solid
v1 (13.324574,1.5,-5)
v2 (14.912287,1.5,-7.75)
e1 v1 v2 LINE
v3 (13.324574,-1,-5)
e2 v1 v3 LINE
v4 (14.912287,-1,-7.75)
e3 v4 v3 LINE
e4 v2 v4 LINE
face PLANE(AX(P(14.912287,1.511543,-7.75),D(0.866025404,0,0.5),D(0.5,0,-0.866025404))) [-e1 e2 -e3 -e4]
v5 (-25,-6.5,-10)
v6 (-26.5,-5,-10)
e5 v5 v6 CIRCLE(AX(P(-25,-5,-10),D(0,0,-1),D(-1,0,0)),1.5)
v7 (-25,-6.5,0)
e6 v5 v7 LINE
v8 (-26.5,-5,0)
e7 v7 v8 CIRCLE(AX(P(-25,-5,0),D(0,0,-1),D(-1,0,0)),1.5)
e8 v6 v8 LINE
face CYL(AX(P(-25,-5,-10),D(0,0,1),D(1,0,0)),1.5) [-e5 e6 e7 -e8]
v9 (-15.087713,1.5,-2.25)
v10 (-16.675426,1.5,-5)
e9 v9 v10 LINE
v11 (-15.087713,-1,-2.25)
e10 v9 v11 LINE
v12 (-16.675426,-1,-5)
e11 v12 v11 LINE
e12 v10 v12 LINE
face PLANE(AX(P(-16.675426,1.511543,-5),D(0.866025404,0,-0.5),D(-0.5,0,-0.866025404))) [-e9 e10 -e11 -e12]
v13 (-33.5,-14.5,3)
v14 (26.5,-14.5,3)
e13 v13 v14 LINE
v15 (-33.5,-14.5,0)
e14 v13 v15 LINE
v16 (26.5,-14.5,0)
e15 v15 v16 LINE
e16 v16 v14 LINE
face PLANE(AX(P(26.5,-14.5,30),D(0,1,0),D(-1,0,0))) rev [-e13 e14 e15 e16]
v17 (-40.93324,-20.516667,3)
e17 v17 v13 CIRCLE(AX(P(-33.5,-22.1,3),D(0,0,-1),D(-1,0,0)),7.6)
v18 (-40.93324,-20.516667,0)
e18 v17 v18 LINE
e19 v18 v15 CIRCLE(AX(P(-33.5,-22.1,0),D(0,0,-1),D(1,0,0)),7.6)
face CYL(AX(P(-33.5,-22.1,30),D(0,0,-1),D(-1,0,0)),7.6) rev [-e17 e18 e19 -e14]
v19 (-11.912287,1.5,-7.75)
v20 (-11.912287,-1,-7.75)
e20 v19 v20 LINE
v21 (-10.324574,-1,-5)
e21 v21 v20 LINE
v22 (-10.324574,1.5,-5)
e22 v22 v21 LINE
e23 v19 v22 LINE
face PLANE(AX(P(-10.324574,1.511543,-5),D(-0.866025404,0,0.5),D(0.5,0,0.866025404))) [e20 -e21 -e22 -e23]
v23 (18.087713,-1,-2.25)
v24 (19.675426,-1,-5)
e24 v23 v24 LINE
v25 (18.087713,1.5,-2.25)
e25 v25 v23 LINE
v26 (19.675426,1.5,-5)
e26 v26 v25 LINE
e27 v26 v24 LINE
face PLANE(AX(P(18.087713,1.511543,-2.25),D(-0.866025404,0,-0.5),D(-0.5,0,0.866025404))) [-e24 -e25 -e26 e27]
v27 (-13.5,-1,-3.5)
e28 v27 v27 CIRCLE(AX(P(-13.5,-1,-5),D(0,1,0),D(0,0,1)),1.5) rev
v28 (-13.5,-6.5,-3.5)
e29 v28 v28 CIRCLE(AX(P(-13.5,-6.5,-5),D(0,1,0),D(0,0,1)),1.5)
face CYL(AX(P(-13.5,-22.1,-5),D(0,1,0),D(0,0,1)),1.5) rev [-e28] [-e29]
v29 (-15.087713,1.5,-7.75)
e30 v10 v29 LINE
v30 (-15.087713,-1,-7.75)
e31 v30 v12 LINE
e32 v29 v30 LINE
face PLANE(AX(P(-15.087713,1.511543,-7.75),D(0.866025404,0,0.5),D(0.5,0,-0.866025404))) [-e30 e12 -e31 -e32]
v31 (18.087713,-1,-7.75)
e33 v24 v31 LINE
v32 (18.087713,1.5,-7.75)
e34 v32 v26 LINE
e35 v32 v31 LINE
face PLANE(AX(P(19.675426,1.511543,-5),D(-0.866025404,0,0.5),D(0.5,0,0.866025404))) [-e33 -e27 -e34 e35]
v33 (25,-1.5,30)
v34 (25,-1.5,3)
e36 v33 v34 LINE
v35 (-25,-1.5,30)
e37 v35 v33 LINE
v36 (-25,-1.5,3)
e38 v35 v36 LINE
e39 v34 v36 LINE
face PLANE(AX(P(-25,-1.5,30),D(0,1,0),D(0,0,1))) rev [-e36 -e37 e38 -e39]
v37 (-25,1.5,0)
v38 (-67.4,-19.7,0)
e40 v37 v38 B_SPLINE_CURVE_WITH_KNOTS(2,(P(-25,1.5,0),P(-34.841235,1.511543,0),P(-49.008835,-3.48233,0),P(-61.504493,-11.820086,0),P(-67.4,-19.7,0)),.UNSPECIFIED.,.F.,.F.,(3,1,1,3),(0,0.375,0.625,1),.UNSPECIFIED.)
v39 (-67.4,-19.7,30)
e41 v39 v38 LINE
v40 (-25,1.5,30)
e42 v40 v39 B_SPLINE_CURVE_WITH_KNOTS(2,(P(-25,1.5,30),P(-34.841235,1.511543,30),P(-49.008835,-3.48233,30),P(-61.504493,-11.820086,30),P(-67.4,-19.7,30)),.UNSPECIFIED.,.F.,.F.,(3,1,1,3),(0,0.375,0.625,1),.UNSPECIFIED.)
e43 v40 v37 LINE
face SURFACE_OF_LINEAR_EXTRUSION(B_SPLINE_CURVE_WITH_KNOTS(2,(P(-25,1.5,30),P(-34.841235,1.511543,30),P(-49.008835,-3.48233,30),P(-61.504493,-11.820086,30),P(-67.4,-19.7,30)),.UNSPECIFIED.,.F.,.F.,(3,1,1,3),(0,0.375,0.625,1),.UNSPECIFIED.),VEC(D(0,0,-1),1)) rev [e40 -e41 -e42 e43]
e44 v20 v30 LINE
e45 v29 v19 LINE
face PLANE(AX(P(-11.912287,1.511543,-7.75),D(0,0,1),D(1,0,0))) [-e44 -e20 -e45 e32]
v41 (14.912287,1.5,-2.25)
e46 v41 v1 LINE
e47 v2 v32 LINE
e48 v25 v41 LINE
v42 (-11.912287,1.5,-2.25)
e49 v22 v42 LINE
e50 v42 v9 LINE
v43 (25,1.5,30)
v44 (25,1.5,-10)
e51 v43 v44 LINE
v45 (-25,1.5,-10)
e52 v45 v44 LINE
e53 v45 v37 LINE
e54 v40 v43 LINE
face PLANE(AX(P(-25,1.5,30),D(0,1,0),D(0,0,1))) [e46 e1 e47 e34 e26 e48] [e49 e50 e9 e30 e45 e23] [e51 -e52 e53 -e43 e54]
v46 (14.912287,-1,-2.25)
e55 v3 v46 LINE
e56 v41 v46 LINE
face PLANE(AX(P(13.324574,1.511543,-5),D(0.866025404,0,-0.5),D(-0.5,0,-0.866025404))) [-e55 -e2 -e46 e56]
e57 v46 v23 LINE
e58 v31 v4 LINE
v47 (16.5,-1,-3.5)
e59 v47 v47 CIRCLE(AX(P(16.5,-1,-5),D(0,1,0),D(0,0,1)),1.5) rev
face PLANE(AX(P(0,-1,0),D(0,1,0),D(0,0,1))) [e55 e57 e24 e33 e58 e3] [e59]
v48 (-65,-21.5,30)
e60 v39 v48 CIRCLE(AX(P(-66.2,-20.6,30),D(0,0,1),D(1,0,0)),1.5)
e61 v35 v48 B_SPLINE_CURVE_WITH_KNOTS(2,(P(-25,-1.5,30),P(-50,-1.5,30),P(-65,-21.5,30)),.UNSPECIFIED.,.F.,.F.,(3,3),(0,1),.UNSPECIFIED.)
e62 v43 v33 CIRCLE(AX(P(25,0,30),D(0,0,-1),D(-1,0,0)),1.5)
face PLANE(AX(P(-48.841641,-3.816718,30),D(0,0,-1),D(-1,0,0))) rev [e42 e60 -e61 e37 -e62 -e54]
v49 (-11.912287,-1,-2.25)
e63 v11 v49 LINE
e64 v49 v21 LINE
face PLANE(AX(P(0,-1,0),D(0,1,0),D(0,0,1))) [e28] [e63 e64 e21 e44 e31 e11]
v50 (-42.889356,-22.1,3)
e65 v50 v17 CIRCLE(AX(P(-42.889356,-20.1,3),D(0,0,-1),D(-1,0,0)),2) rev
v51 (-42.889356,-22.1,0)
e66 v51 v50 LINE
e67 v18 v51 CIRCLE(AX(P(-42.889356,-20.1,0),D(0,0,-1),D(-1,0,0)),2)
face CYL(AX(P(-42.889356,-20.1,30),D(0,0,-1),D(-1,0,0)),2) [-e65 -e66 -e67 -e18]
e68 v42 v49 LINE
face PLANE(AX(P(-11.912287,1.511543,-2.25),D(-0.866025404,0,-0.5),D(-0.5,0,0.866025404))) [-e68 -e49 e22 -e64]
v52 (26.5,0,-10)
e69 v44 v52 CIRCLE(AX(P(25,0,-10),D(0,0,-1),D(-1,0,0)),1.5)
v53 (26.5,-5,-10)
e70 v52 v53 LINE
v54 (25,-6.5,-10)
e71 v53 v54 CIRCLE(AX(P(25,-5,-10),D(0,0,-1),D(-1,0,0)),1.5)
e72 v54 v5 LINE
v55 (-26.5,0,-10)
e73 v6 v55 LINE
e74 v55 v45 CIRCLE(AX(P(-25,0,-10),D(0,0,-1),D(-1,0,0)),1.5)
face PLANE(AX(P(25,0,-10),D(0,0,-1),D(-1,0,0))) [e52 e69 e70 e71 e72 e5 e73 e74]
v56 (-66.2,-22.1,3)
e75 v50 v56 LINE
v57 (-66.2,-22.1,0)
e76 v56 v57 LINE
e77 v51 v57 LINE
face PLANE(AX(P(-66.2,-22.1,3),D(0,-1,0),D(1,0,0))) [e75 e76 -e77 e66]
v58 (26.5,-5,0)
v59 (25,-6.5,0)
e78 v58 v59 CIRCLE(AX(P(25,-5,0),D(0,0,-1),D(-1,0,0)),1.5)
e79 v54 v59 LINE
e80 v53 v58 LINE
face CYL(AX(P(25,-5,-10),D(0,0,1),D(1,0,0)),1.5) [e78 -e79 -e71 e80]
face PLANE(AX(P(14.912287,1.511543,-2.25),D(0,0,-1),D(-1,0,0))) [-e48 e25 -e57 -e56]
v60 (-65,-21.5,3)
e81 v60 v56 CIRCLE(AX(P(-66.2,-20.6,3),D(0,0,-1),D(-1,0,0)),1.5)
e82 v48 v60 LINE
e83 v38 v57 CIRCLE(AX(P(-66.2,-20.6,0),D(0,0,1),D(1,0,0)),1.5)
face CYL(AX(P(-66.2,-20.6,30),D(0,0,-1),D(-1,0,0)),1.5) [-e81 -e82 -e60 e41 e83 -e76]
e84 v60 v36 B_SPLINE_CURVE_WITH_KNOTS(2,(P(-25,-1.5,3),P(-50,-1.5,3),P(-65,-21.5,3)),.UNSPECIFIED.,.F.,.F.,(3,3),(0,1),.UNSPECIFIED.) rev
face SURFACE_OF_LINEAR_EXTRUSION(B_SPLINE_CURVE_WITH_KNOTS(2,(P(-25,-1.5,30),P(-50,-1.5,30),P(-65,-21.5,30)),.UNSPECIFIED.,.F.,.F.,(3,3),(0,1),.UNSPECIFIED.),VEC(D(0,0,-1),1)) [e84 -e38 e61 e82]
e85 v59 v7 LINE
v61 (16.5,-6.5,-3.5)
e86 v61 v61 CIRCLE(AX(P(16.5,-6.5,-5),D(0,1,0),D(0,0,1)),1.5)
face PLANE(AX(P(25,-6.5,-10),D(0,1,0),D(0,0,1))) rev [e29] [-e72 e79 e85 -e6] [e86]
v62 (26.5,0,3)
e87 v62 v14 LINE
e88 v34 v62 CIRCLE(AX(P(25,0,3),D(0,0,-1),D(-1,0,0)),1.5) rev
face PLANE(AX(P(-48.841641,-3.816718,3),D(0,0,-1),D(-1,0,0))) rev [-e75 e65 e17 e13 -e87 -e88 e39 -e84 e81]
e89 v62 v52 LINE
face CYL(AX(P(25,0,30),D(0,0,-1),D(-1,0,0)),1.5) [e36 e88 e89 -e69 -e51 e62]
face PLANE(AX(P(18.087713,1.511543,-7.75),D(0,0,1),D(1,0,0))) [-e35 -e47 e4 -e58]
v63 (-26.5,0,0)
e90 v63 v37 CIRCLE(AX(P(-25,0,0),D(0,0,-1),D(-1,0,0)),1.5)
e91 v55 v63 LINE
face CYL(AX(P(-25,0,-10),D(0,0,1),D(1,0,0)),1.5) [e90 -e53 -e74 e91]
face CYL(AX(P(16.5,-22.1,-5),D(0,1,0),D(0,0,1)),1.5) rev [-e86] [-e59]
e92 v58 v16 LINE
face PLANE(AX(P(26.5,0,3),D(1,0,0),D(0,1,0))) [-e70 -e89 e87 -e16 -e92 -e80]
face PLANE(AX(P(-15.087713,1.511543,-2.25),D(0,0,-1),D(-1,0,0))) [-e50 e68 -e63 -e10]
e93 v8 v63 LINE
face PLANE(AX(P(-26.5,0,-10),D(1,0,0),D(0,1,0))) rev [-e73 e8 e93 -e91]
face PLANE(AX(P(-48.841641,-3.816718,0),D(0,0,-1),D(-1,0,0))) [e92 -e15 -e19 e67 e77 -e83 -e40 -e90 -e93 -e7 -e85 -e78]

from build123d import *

# Parameters (mm, degrees)
EXTRUDE_1_DEPTH     = 30
EXTRUDE_2_DEPTH     = 3
EXTRUDE_START       = 10
EXTRUDE_3_DEPTH     = 10
SKETCH_4_R          = 1.5
CUT_EXTRUDE_1_DEPTH = 78.719045441
CUT_EXTRUDE_2_DEPTH = 78.27677545
CUT_EXTRUDE_START   = -2.5
CUT_EXTRUDE_3_DEPTH = 81.219045441
FILLET_1_R          = 2


with BuildPart() as part:
    # 草图1 → 凸台-拉伸1 (new body)
    with BuildSketch(Plane.XY):
        with BuildLine():
            Line((-25, -1.5), (25, -1.5))
            ThreePointArc((25, -1.5), (26.5, 0), (25, 1.5))
            Line((25, 1.5), (-25, 1.5))
            add(Edge.make_bspline(
                [(-25, 1.5), (-34.841235479, 1.511543442), (-49.008834865, -3.48233027), (-61.504493466, -11.820085551), (-67.4, -19.7)],
                knots=[0, 0, 0, 0.375, 0.625, 1, 1, 1], degree=2))
            ThreePointArc((-67.4, -19.7), (-67.1, -21.8), (-65, -21.5))
            add(Edge.make_bspline(
                [(-25, -1.5), (-50, -1.5), (-65, -21.5)],
                knots=[0, 0, 0, 1, 1, 1], degree=2))
        make_face()
    extrude(amount=EXTRUDE_1_DEPTH)

    # 草图2 → 凸台-拉伸2 (add)
    with BuildSketch(Plane(origin=(0, 0, 0), x_dir=(-1, 0, 0), z_dir=(0, 0, -1))):
        with BuildLine():
            Line((25, 1.5), (-25, 1.5))
            ThreePointArc((-25, 1.5), (-26.060660172, 1.060660172), (-26.5, 0))
            Line((-26.5, 0), (-26.5, -22.1))
            Line((-26.5, -22.1), (66.2, -22.1))
            ThreePointArc((66.2, -22.1), (67.541640786, -21.270820393), (67.4, -19.7))
            add(Edge.make_bspline(
                [(25, 1.5), (34.841235479, 1.511543442), (49.008834865, -3.48233027), (61.504493466, -11.820085551), (67.4, -19.7)],
                knots=[0, 0, 0, 0.375, 0.625, 1, 1, 1], degree=2))
        make_face()
    extrude(amount=-EXTRUDE_2_DEPTH)

    # 草图3 → 凸台-拉伸3 (add)
    with BuildSketch(Plane(origin=(0, 0, 0), x_dir=(-1, 0, 0), z_dir=(0, 0, -1)).offset(EXTRUDE_START)):
        with BuildLine():
            Line((-25, 1.5), (25, 1.5))
            ThreePointArc((25, 1.5), (26.060660172, 1.060660172), (26.5, 0))
            Line((26.5, 0), (26.5, -5))
            ThreePointArc((26.5, -5), (26.060660172, -6.060660172), (25, -6.5))
            Line((25, -6.5), (-25, -6.5))
            ThreePointArc((-25, -6.5), (-26.060660172, -6.060660172), (-26.5, -5))
            Line((-26.5, -5), (-26.5, 0))
            ThreePointArc((-26.5, 0), (-26.060660172, 1.060660172), (-25, 1.5))
        make_face()
    extrude(amount=-EXTRUDE_3_DEPTH)

    # 草图4 → 切除-拉伸1 (cut, through all)
    with BuildSketch(Plane(origin=(0, 1.5, 0), x_dir=(1, 0, 0), z_dir=(0, 1, 0))):
        with Locations(Location((-13.5, 5, 0), (0, 0, 270))):
            Circle(SKETCH_4_R)
        with Locations(Location((16.5, 5, 0), (0, 0, 270))):
            Circle(SKETCH_4_R)
    extrude(amount=-CUT_EXTRUDE_1_DEPTH, mode=Mode.SUBTRACT)

    # 草图5 → 切除-拉伸2 (cut, through all)
    with BuildSketch(Plane(origin=(0, 0, 0), x_dir=(-1, 0, 0), z_dir=(0, 0, -1))):
        with BuildLine():
            Line((-26.5, -14.5), (33.5, -14.5))
            ThreePointArc((33.5, -14.5), (38.874011537, -16.725988463), (41.1, -22.1))
            Line((41.1, -22.1), (-26.5, -22.1))
            Line((-26.5, -22.1), (-26.5, -14.5))
        make_face()
    extrude(amount=-CUT_EXTRUDE_2_DEPTH, mode=Mode.SUBTRACT)

    # 草图6 → 切除-拉伸3 (cut, through all)
    with BuildSketch(Plane(origin=(0, 1.5, 0), x_dir=(1, 0, 0), z_dir=(0, 1, 0)).offset(CUT_EXTRUDE_START)):
        Polygon((-11.91228676, 7.75), (-15.08771324, 7.75), (-16.675426481, 5), (-15.08771324, 2.25), (-11.91228676, 2.25), (-10.324573519, 5), align=None)
        Polygon((18.08771324, 7.75), (14.91228676, 7.75), (13.324573519, 5), (14.91228676, 2.25), (18.08771324, 2.25), (19.675426481, 5), align=None)
    extrude(amount=CUT_EXTRUDE_3_DEPTH, mode=Mode.SUBTRACT)

    # 圆角1
    fillet_1_edges = [part.edges().sort_by_distance(p)[0] for p in [
        (-41.1, -22.1, 1.5),
    ]]
    fillet(fillet_1_edges, radius=FILLET_1_R)


solid = part.part
